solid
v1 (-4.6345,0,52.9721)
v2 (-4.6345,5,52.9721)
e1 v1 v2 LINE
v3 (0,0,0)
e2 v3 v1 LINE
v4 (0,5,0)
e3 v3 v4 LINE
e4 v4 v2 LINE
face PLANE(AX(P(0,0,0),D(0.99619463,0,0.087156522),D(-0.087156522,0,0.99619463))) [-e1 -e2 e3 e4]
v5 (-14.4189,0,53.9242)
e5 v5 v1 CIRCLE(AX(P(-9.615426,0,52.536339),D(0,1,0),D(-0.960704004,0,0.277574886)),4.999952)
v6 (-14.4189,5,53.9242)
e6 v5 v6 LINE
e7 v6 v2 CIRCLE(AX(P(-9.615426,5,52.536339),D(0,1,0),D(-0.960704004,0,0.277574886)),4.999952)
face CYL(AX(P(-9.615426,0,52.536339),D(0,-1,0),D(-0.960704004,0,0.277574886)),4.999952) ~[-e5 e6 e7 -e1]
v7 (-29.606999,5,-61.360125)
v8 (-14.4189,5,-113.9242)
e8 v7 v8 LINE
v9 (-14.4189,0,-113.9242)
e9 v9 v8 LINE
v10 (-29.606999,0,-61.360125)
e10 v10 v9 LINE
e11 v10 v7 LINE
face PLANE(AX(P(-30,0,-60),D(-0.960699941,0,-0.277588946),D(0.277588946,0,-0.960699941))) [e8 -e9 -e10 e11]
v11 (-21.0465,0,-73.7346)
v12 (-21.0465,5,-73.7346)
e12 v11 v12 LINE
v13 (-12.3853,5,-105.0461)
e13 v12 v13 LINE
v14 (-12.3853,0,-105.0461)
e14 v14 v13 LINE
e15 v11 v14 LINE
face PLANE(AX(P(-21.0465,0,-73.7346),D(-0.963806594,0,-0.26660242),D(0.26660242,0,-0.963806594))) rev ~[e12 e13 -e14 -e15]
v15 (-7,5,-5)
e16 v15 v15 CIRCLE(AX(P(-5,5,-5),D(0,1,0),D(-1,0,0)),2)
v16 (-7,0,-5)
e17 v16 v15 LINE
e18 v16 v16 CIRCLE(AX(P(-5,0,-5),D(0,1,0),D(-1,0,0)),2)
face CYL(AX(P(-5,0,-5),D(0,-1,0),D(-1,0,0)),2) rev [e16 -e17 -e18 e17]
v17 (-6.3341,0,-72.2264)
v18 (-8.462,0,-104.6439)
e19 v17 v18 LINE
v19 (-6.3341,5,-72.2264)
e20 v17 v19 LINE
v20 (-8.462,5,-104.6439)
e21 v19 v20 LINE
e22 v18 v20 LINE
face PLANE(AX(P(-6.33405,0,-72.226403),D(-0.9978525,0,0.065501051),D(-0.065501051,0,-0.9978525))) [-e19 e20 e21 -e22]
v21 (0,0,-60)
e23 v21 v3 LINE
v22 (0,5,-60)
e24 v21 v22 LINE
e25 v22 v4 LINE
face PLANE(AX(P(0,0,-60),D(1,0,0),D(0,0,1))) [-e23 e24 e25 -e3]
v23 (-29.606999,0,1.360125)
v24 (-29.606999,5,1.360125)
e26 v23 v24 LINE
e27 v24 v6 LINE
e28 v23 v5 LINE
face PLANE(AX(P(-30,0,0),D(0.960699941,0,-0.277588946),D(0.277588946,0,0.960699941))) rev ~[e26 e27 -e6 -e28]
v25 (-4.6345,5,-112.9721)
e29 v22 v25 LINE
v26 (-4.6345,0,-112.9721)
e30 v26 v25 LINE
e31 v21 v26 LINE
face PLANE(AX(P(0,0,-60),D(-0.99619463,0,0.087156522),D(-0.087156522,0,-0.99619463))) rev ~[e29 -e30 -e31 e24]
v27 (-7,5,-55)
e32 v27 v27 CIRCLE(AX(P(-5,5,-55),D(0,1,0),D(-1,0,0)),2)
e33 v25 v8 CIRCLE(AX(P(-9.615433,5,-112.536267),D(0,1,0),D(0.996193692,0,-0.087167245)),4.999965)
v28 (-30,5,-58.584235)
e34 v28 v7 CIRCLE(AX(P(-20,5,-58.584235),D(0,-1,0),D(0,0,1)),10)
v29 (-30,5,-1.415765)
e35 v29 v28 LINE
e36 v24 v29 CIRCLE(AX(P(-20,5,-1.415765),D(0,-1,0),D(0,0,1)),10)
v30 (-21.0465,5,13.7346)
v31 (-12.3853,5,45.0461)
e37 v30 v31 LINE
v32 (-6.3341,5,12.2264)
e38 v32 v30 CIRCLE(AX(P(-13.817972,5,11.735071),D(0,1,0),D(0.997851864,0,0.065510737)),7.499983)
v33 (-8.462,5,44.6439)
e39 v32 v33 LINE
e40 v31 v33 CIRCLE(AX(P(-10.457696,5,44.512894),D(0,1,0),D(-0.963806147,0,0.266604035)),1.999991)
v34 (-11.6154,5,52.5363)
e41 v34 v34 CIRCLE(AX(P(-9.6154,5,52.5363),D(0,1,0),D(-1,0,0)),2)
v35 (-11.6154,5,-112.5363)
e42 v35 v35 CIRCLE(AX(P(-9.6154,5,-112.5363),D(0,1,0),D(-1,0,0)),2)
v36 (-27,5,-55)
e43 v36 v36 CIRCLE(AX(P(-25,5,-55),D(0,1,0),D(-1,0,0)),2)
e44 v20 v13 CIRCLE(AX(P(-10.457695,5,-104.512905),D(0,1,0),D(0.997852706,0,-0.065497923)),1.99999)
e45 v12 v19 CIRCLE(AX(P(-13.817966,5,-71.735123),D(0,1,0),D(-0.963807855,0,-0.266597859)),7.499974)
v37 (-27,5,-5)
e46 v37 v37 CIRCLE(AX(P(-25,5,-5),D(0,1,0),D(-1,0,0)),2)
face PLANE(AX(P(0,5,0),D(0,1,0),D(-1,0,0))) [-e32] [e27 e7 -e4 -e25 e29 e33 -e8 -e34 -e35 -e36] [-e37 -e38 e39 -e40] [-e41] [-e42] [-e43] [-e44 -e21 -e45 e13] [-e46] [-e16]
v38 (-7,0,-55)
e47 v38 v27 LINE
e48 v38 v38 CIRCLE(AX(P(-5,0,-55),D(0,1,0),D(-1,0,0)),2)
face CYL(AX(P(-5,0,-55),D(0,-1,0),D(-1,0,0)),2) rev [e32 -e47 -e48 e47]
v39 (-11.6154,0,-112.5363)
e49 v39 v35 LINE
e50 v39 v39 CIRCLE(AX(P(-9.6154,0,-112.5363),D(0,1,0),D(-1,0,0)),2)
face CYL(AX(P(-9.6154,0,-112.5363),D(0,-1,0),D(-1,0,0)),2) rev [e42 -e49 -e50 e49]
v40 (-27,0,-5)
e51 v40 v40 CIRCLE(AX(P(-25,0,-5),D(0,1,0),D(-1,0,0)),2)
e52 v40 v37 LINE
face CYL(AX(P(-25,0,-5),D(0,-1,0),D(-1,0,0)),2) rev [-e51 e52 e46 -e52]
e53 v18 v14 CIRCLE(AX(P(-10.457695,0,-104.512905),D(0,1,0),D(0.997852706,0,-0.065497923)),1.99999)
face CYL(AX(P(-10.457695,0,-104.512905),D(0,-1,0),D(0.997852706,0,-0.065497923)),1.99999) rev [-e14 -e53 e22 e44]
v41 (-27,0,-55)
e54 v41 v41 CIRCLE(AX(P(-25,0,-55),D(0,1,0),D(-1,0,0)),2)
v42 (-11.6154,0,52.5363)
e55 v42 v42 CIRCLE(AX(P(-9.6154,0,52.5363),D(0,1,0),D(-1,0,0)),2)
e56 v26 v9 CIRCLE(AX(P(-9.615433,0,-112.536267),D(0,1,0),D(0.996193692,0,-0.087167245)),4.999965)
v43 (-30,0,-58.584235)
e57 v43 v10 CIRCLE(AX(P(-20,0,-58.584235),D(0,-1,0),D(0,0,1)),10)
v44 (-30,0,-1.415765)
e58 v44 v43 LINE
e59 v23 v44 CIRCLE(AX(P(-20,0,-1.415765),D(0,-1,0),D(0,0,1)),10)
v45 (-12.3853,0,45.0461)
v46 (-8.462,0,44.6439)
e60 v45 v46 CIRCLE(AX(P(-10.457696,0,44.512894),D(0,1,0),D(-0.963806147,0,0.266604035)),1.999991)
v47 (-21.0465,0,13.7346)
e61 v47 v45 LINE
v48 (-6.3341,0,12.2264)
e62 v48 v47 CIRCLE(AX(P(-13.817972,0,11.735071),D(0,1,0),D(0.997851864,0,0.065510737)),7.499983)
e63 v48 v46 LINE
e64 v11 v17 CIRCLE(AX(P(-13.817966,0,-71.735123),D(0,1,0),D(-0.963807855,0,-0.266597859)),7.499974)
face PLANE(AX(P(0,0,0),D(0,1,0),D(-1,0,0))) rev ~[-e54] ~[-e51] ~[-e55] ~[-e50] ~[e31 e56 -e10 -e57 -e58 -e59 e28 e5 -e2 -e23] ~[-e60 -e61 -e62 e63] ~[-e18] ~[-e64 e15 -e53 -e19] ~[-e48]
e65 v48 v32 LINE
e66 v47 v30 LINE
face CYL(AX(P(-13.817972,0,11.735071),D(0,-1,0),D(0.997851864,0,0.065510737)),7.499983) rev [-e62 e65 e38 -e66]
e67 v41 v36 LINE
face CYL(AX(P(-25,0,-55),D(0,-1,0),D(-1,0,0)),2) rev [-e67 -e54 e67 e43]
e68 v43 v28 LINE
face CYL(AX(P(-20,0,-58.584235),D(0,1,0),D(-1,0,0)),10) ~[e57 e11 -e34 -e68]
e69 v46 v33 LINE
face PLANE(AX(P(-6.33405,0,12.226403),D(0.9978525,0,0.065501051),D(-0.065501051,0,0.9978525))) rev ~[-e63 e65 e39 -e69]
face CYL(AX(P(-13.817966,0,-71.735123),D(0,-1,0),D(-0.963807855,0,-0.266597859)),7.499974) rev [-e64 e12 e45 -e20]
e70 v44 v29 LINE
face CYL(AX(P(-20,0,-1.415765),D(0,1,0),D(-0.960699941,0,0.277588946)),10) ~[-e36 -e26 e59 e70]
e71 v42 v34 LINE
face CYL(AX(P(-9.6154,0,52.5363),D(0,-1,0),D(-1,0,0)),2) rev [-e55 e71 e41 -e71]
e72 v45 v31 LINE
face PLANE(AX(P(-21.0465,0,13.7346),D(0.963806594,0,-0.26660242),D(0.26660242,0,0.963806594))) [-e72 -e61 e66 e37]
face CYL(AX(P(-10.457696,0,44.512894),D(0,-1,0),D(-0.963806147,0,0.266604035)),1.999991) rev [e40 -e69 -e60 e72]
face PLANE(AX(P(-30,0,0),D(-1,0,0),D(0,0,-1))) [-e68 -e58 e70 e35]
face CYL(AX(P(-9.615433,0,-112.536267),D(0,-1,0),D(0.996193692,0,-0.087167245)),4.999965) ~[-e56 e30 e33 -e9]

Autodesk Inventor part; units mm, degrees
ref_plane "YZ Plane" through (0, 0, 0) normal (1, 0, 0) x (0, 1, 0)
ref_plane "XZ Plane" through (0, 0, 0) normal (0, 1, 0) x (-1, 0, 0)
ref_plane "XY Plane" through (0, 0, 0) normal (0, 0, 1) x (1, 0, 0)
sketch "Boceto1" plane through (0, 0, 0) normal (1, 0, 0) x (0, 1, 0)
  point P0 (0, 0)
sketch "Boceto2" plane through (0, 0, 0) normal (0, 1, 0) x (-1, 0, 0)
  line L0 (0, 0) -> (30, 0)
  line L1 (30, 0) -> (30, -60)
  line L2 (30, -60) -> (0, -60)
  line L3 (0, -60) -> (0, 0)
  circle A0 centre (25, -5) radius 2
  line L4 (30, -30) -> (0, -30) construction
  circle A1 centre (25, -55) radius 2
  line L5 (15, 0) -> (15, -60) construction
  circle A2 centre (5, -5) radius 2
  circle A3 centre (5, -55) radius 2
  line L6 (0, -60) -> (4.6345, -112.9721)
  line L7 (0, -60) -> (53.1744, -60) construction
  line L8 (30, -60) -> (14.4189, -113.9242)
  line L9 (0, 0) -> (4.6345, 52.9721)
  line L10 (30, 0) -> (14.4189, 53.9242)
  arc A4 (14.4189, 53.9242) -> (4.6345, 52.9721) centre (9.6154, 52.5363) ccw
  arc A5 (4.6345, -112.9721) -> (14.4189, -113.9242) centre (9.6154, -112.5363) ccw
  circle A6 centre (9.6154, -112.5363) radius 2
  circle A7 centre (9.6154, 52.5363) radius 2
  line L11 (15, -60) -> (9.1311, -117.5128) construction
  line L12 (1.0267, -71.7351) -> (26.6092, -71.7351) construction
  arc A8 (21.0465, -73.7346) -> (6.3341, -72.2264) centre (13.818, -71.7351) ccw
  arc A9 (8.462, -104.6439) -> (12.3853, -105.0461) centre (10.4577, -104.5129) ccw
  line L13 (21.0465, -73.7346) -> (12.3853, -105.0461)
  line L14 (6.3018, -71.7351) -> (8.462, -104.6439)
  arc A10 (6.3341, 12.2264) -> (21.0465, 13.7346) centre (13.818, 11.7351) ccw
  arc A11 (12.3853, 45.0461) -> (8.462, 44.6439) centre (10.4577, 44.5129) ccw
  line L15 (21.0465, 13.7346) -> (12.3853, 45.0461)
  line L16 (6.3018, 11.7351) -> (8.462, 44.6439)
  point P0 (6.9725, -139.6956)
  point P1 (6.9725, 79.6956)
  dimension "d0" = 30
  dimension "d1" = 60
  dimension "d2" = 4
  dimension "d4" = 5
  dimension "d5" = 5
  dimension "d6" = 80
  dimension "d7" = 85
  dimension "d8" = 5
  dimension "d9" = 4
  dimension "d10" = 4
  dimension "d11" = 15
  dimension "d12" = 4
  dimension "d13" = 0.654
extrude "Extrusión1" add sketch "Boceto2" along normal blind 5
sketch "Boceto3" plane through (0, 5, 0) normal (0, 1, 0) x (1, 0, 0)
  point P0 (0, 0)
fillet "Empalme1" radius 10 2 edges at (-30, 2.5, 0) (-30, 2.5, -60)
